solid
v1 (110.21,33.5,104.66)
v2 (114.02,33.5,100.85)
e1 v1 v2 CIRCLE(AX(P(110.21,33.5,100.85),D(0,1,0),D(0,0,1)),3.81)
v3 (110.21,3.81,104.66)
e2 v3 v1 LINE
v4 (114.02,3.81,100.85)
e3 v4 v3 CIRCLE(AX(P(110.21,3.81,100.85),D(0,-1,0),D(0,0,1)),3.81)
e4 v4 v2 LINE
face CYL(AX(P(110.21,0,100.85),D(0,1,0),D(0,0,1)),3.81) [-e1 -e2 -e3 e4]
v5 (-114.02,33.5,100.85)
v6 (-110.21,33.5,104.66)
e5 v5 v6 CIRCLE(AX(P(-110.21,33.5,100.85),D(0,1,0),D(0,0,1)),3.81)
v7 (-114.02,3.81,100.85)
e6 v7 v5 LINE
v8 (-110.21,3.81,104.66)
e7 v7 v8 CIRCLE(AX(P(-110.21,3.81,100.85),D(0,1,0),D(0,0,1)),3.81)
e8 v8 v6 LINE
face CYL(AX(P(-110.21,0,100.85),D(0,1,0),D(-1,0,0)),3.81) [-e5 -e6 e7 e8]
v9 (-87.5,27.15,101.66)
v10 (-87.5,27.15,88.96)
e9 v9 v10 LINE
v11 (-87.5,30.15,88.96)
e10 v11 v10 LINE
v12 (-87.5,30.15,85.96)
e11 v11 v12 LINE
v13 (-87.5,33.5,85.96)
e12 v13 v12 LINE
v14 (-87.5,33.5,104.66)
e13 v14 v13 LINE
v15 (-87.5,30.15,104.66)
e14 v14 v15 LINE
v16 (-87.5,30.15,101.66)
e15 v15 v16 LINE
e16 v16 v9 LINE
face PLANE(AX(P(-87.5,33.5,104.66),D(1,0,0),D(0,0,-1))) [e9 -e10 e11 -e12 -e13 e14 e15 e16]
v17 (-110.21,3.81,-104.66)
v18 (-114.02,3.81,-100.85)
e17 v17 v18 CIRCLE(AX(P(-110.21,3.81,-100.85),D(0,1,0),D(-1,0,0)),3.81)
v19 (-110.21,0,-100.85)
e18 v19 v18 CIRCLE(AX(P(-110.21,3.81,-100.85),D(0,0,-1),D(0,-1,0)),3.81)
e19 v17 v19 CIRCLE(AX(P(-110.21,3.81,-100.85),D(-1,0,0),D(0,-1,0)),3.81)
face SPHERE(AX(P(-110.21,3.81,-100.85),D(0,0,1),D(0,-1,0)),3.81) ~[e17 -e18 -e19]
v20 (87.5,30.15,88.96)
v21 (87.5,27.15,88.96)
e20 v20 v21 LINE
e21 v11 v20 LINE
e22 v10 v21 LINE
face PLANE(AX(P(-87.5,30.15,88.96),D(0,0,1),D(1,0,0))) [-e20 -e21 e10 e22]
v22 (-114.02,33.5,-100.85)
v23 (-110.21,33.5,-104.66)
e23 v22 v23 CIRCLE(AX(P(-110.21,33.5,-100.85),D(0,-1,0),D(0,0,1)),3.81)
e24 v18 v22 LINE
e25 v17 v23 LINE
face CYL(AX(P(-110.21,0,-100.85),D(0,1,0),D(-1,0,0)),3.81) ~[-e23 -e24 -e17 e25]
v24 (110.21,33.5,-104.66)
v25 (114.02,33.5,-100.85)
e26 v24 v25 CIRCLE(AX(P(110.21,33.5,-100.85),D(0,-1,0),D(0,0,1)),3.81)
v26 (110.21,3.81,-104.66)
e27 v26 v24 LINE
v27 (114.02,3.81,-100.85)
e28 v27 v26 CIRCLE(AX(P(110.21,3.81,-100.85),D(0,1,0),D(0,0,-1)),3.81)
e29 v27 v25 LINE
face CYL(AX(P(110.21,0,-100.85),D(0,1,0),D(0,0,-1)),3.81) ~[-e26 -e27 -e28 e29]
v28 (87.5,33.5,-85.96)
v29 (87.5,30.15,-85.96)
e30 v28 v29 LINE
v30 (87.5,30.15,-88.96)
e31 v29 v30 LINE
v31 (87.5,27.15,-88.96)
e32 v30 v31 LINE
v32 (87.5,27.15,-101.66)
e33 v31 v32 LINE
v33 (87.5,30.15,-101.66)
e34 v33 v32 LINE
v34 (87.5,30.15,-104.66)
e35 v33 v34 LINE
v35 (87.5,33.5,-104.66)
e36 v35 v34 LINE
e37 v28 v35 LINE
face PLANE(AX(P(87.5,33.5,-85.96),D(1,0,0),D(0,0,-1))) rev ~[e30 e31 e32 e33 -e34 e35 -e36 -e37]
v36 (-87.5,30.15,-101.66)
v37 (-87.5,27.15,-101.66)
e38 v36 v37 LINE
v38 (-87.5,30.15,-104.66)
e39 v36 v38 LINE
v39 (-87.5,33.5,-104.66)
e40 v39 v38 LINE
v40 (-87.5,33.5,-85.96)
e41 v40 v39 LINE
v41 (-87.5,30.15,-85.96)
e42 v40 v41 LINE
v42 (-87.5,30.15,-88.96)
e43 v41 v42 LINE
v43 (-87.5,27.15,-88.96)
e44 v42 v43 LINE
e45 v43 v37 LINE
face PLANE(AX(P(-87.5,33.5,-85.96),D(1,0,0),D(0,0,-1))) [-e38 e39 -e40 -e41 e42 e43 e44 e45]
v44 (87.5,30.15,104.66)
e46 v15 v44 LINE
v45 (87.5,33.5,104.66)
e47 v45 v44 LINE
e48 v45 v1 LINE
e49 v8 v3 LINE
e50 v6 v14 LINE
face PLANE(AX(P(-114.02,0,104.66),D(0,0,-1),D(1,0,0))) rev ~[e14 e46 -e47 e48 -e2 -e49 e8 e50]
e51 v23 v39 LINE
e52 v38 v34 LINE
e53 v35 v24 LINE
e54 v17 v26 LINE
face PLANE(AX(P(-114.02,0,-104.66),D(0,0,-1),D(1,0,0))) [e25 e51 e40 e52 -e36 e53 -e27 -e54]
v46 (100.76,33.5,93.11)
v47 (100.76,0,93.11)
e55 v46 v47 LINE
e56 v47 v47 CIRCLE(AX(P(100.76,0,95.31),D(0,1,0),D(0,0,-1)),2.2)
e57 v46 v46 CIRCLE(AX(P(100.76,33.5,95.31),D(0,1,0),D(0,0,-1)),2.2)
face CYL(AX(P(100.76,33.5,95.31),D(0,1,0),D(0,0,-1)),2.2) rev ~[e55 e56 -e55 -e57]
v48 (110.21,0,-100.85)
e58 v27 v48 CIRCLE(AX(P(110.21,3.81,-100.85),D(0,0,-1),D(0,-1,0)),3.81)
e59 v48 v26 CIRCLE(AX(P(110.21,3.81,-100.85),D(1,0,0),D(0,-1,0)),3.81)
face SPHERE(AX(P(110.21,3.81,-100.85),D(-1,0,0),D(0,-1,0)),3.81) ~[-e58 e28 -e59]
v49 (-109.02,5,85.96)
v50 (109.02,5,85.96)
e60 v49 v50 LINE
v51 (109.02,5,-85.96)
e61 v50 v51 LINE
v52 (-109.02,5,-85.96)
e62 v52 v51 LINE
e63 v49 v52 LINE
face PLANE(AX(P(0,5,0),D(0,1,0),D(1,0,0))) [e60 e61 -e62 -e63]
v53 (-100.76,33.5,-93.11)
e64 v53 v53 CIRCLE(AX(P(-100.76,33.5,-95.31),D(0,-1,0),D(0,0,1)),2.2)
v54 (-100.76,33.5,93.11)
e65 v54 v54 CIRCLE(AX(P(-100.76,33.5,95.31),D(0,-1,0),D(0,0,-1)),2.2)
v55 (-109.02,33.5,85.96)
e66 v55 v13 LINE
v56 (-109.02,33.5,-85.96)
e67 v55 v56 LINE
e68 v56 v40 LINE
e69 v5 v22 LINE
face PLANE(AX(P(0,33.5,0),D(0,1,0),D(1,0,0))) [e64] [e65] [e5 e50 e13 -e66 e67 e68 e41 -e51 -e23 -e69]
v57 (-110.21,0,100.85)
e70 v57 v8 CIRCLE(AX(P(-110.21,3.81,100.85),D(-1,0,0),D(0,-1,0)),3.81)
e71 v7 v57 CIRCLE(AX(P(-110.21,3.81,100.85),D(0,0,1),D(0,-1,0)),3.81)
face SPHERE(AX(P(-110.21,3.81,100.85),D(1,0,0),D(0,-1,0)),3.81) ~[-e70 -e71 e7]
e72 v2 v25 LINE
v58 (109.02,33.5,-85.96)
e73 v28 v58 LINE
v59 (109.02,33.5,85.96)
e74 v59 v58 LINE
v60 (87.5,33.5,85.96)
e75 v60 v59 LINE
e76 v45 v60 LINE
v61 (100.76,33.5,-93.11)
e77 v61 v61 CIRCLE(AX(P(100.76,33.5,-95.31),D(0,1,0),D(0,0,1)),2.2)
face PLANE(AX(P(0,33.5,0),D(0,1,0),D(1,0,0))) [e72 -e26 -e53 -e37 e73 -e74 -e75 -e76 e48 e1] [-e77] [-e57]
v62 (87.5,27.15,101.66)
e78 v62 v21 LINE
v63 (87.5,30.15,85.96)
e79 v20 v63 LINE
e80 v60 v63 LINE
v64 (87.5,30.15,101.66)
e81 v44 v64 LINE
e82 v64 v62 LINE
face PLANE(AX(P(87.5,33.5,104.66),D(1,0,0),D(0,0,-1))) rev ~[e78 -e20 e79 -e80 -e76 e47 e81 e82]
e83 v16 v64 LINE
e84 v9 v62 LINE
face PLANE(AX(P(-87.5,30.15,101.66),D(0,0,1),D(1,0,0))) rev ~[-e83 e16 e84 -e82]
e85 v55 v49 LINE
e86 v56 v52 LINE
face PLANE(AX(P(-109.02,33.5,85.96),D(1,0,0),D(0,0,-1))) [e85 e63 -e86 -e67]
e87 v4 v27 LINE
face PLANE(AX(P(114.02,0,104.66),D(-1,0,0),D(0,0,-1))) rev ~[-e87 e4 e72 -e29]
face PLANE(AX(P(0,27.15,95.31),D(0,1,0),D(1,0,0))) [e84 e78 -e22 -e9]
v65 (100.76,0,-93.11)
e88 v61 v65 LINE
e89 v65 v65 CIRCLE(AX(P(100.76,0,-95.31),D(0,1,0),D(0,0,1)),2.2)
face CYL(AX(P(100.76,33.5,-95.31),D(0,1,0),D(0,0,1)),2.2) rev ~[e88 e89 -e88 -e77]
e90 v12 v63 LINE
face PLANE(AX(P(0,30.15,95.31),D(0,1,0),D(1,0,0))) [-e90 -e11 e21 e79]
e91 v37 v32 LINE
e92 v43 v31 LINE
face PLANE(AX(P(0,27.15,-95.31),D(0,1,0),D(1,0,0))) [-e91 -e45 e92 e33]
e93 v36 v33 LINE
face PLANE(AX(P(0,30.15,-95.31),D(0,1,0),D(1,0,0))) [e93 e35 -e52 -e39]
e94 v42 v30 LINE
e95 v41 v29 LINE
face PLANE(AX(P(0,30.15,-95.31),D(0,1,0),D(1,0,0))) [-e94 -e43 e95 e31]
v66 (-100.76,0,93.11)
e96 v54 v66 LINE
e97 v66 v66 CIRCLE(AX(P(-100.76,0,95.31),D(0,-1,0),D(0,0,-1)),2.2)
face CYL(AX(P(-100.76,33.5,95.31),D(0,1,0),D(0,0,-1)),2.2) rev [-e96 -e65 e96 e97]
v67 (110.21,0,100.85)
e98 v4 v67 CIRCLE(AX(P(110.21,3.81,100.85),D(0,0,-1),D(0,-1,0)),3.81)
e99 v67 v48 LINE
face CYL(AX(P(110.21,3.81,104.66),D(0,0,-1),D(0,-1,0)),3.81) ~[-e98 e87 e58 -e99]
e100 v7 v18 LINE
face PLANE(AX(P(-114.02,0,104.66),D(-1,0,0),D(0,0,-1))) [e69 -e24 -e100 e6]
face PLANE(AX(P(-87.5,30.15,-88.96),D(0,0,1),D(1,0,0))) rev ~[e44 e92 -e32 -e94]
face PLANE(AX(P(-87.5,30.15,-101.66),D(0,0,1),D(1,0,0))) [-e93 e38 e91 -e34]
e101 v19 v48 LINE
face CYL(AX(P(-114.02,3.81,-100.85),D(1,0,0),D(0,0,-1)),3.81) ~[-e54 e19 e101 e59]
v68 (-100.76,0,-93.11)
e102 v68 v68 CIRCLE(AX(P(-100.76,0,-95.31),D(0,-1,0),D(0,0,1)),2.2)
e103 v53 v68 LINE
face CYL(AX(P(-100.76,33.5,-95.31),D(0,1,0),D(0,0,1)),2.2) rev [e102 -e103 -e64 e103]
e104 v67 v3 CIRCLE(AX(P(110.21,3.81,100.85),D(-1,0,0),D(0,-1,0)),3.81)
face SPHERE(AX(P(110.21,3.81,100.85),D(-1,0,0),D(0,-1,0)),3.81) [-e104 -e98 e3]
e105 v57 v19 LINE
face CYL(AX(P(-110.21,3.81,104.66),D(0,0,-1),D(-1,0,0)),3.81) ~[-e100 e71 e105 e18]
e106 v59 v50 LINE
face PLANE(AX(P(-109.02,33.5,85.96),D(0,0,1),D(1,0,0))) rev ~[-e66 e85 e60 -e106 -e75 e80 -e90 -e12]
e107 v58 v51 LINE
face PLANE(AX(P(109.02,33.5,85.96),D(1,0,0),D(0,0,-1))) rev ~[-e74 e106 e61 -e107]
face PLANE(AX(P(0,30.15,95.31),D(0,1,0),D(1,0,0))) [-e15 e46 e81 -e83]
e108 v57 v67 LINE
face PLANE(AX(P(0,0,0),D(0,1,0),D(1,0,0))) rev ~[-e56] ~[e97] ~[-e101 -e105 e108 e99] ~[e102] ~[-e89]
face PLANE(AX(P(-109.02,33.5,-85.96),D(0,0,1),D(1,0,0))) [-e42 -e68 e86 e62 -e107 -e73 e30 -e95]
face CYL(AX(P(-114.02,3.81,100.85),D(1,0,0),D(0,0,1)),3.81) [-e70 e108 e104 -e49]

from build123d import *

# Parameters (mm, degrees)
SKETCH1_W           = 228.04
SKETCH1_H           = 209.32
BOSS_EXTRUDE1_DEPTH = 33.5
SKETCH2_W           = 218.04
SKETCH2_H           = 171.92
CUT_EXTRUDE1_DEPTH  = 28.5
SKETCH4_W           = 175
SKETCH4_H           = 18.7
CUT_EXTRUDE2_DEPTH  = 3.35
SKETCH5_W           = 175
SKETCH5_H           = 12.7
CUT_EXTRUDE3_DEPTH  = 3
SKETCH6_W           = 175
SKETCH6_H           = 18.7
CUT_EXTRUDE4_DEPTH  = 3.35
SKETCH7_W           = 175
SKETCH7_H           = 12.7
CUT_EXTRUDE5_DEPTH  = 3
SKETCH11_R          = 2.2
CUT_EXTRUDE6_DEPTH  = 33.5
FILLET3_R           = 3.81


with BuildPart() as part:
    # Sketch1 → Boss-Extrude1 (new body)
    with BuildSketch(Plane(origin=(0, 0, 0), x_dir=(1, 0, 0), z_dir=(0, 1, 0))):
        Rectangle(SKETCH1_W, SKETCH1_H)
    extrude(amount=BOSS_EXTRUDE1_DEPTH)

    # Sketch2 → Cut-Extrude1 (cut)
    with BuildSketch(Plane(origin=(0, 33.5, 0), x_dir=(1, 0, 0), z_dir=(0, 1, 0))):
        Rectangle(SKETCH2_W, SKETCH2_H)
    extrude(amount=-CUT_EXTRUDE1_DEPTH, mode=Mode.SUBTRACT)

    # Sketch4 → Cut-Extrude2 (cut)
    with BuildSketch(Plane(origin=(0, 33.5, 0), x_dir=(1, 0, 0), z_dir=(0, 1, 0))):
        with Locations((0, -95.31)):
            Rectangle(SKETCH4_W, SKETCH4_H)
    extrude(amount=-CUT_EXTRUDE2_DEPTH, mode=Mode.SUBTRACT)

    # Sketch5 → Cut-Extrude3 (cut)
    with BuildSketch(Plane(origin=(0, 30.15, 0), x_dir=(1, 0, 0), z_dir=(0, 1, 0))):
        with Locations((0, -95.31)):
            Rectangle(SKETCH5_W, SKETCH5_H)
    extrude(amount=-CUT_EXTRUDE3_DEPTH, mode=Mode.SUBTRACT)

    # Sketch6 → Cut-Extrude4 (cut)
    with BuildSketch(Plane(origin=(0, 33.5, 0), x_dir=(1, 0, 0), z_dir=(0, 1, 0))):
        with Locations((0, 95.31)):
            Rectangle(SKETCH6_W, SKETCH6_H)
    extrude(amount=-CUT_EXTRUDE4_DEPTH, mode=Mode.SUBTRACT)

    # Sketch7 → Cut-Extrude5 (cut)
    with BuildSketch(Plane(origin=(0, 30.15, 0), x_dir=(1, 0, 0), z_dir=(0, 1, 0))):
        with Locations((0, 95.31)):
            Rectangle(SKETCH7_W, SKETCH7_H)
    extrude(amount=-CUT_EXTRUDE5_DEPTH, mode=Mode.SUBTRACT)

    # Sketch11 → Cut-Extrude6 (cut)
    with BuildSketch(Plane(origin=(0, 33.5, 0), x_dir=(1, 0, 0), z_dir=(0, 1, 0))):
        with Locations(Location((100.76, 95.31, 0), (0, 0, 270))):
            Circle(SKETCH11_R)
        with Locations(Location((100.76, -95.31, 0), (0, 0, 90))):
            Circle(SKETCH11_R)
    cut_extrude6 = extrude(amount=-CUT_EXTRUDE6_DEPTH, mode=Mode.SUBTRACT)

    # Fillet3
    fillet3_edges = [part.edges().sort_by_distance(p)[0] for p in [
        (0, 0, 104.66),
        (-114.02, 0, 0),
        (0, 0, -104.66),
        (114.02, 0, 0),
        (114.02, 16.75, 104.66),
        (-114.02, 16.75, 104.66),
        (-114.02, 16.75, -104.66),
        (114.02, 16.75, -104.66),
    ]]
    fillet(fillet3_edges, radius=FILLET3_R)

    # Mirror1: Cut-Extrude6 across plane
    add(cut_extrude6.mirror(Plane.ZY), mode=Mode.SUBTRACT)


solid = part.part
